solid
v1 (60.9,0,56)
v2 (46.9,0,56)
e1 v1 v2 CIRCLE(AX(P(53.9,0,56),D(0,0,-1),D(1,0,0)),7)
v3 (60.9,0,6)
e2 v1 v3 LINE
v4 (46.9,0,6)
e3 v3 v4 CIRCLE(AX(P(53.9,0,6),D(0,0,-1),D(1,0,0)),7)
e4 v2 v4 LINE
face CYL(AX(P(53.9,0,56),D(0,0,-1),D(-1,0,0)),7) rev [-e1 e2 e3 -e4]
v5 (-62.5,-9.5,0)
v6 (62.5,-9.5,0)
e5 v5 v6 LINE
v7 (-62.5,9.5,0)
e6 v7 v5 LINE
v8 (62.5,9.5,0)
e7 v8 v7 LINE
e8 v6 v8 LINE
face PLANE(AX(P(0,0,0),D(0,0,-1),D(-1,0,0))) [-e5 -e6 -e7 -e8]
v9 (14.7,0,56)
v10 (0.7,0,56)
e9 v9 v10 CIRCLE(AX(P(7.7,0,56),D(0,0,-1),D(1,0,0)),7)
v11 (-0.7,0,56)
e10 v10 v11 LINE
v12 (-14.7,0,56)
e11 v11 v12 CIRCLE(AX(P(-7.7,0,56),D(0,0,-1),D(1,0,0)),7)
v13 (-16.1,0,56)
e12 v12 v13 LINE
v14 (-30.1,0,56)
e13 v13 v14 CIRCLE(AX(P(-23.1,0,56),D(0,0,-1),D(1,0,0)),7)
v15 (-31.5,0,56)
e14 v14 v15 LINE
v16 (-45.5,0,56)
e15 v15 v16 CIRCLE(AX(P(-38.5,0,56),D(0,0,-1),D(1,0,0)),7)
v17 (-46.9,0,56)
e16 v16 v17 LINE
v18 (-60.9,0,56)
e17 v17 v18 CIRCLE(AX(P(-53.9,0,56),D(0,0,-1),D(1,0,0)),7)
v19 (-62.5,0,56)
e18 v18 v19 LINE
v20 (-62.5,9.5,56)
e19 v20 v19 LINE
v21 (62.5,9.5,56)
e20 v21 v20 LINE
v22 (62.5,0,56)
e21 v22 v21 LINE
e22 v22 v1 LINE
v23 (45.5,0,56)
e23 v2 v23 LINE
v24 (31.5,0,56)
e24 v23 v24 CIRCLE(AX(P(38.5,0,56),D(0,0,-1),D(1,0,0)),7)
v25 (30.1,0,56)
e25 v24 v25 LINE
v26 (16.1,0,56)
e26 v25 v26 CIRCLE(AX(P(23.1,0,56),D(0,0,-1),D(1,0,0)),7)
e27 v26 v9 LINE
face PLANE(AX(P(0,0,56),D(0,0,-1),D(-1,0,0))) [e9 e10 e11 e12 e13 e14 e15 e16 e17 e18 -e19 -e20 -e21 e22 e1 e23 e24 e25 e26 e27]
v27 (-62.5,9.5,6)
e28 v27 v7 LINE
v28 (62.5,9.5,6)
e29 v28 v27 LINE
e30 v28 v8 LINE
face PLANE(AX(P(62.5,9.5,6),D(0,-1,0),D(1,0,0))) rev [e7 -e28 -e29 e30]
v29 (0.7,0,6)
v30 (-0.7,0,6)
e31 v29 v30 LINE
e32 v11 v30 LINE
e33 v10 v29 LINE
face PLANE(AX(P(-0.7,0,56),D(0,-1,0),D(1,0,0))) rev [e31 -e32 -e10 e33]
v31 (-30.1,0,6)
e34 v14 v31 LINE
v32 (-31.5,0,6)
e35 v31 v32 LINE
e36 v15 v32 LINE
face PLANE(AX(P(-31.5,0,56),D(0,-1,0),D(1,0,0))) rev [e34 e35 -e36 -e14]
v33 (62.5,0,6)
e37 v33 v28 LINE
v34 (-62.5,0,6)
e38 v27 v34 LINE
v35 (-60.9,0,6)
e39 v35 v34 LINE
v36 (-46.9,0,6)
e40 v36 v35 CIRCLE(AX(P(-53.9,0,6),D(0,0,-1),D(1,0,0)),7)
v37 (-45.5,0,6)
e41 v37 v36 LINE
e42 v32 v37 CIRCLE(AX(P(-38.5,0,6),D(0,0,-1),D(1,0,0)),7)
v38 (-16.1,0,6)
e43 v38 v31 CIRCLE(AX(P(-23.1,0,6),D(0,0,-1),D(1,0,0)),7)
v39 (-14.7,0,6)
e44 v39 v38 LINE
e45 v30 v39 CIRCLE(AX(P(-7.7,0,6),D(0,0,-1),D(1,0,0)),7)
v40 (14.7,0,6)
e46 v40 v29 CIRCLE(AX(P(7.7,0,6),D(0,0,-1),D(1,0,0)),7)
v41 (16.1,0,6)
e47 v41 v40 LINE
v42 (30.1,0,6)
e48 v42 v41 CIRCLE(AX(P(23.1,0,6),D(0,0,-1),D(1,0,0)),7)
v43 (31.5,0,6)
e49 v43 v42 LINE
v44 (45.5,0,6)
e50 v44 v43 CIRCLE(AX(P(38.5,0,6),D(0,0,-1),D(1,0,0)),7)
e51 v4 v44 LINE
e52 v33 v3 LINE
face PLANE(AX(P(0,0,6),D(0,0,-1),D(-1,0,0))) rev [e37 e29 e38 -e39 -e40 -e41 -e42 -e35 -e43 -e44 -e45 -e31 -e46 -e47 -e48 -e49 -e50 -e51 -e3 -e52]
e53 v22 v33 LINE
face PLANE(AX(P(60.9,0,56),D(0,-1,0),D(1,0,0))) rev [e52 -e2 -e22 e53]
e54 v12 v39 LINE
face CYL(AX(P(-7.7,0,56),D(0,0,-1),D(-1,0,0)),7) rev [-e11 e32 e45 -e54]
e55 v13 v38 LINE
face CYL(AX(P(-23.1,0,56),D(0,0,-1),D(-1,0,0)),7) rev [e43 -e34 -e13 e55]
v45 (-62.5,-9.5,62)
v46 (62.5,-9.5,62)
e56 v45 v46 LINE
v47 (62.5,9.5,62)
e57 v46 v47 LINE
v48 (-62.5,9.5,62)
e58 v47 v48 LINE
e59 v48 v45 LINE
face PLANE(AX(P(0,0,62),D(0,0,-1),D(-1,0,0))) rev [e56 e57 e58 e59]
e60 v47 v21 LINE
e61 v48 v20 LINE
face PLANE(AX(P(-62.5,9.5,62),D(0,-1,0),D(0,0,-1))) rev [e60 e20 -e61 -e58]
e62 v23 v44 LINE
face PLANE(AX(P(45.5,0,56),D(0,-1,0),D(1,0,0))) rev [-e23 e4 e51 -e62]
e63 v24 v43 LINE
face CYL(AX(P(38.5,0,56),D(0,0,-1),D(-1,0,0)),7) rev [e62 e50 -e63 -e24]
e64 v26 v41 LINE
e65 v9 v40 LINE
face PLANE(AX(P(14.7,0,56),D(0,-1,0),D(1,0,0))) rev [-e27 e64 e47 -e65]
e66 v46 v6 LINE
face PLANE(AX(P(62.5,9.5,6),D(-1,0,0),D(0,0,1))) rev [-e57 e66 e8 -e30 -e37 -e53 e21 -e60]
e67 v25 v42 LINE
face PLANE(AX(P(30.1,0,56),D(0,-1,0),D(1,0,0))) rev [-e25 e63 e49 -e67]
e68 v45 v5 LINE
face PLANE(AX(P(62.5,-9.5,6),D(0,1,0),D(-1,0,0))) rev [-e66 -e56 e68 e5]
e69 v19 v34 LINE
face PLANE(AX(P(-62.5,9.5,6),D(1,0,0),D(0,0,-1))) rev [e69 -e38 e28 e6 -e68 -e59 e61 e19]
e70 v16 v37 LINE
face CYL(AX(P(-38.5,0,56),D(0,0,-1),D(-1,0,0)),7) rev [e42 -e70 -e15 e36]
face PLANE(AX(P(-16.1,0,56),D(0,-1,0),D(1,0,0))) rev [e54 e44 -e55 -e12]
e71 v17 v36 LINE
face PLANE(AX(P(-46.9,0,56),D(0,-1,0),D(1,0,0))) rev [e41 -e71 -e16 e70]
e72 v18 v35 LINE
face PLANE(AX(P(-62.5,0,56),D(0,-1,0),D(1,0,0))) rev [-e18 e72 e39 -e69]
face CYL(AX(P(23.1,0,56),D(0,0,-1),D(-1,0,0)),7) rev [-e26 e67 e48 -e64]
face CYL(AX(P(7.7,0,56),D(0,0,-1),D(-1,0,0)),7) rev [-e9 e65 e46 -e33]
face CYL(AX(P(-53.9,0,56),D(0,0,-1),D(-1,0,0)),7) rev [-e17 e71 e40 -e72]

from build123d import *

# Parameters (mm, degrees)
SKETCH_1_W      = 125
SKETCH_1_H      = 19
EXTRUDE_1_DEPTH = 6
EXTRUDE_2_DEPTH = 50
SKETCH_3_W      = 125
SKETCH_3_H      = 19
EXTRUDE_3_DEPTH = 6


with BuildPart() as part:
    # 草图1 → 凸台-拉伸1 (new body)
    with BuildSketch(Plane.XY):
        Rectangle(SKETCH_1_W, SKETCH_1_H)
    extrude(amount=EXTRUDE_1_DEPTH)

    # 草图2 → 凸台-拉伸2 (add)
    with BuildSketch(Plane.XY.offset(6)):
        with BuildLine():
            Line((-62.5, 0), (-60.9, 0))
            ThreePointArc((-60.9, 0), (-53.9, -7), (-46.9, 0))
            Line((-46.9, 0), (-45.5, 0))
            ThreePointArc((-45.5, 0), (-38.5, -7), (-31.5, 0))
            Line((-31.5, 0), (-30.1, 0))
            ThreePointArc((-30.1, 0), (-23.1, -7), (-16.1, 0))
            Line((-16.1, 0), (-14.7, 0))
            ThreePointArc((-14.7, 0), (-7.7, -7), (-0.7, 0))
            Line((-0.7, 0), (0.7, 0))
            ThreePointArc((0.7, 0), (7.7, -7), (14.7, 0))
            Line((14.7, 0), (16.1, 0))
            ThreePointArc((16.1, 0), (23.1, -7), (30.1, 0))
            Line((30.1, 0), (31.5, 0))
            ThreePointArc((31.5, 0), (38.5, -7), (45.5, 0))
            Line((45.5, 0), (46.9, 0))
            ThreePointArc((46.9, 0), (53.9, -7), (60.9, 0))
            Line((60.9, 0), (62.5, 0))
            Line((62.5, 0), (62.5, -9.5))
            Line((62.5, -9.5), (-62.5, -9.5))
            Line((-62.5, -9.5), (-62.5, 0))
        make_face()
    extrude(amount=EXTRUDE_2_DEPTH)

    # 草图3 → 凸台-拉伸3 (add)
    with BuildSketch(Plane.XY.offset(56)):
        Rectangle(SKETCH_3_W, SKETCH_3_H)
    extrude(amount=EXTRUDE_3_DEPTH)


solid = part.part
